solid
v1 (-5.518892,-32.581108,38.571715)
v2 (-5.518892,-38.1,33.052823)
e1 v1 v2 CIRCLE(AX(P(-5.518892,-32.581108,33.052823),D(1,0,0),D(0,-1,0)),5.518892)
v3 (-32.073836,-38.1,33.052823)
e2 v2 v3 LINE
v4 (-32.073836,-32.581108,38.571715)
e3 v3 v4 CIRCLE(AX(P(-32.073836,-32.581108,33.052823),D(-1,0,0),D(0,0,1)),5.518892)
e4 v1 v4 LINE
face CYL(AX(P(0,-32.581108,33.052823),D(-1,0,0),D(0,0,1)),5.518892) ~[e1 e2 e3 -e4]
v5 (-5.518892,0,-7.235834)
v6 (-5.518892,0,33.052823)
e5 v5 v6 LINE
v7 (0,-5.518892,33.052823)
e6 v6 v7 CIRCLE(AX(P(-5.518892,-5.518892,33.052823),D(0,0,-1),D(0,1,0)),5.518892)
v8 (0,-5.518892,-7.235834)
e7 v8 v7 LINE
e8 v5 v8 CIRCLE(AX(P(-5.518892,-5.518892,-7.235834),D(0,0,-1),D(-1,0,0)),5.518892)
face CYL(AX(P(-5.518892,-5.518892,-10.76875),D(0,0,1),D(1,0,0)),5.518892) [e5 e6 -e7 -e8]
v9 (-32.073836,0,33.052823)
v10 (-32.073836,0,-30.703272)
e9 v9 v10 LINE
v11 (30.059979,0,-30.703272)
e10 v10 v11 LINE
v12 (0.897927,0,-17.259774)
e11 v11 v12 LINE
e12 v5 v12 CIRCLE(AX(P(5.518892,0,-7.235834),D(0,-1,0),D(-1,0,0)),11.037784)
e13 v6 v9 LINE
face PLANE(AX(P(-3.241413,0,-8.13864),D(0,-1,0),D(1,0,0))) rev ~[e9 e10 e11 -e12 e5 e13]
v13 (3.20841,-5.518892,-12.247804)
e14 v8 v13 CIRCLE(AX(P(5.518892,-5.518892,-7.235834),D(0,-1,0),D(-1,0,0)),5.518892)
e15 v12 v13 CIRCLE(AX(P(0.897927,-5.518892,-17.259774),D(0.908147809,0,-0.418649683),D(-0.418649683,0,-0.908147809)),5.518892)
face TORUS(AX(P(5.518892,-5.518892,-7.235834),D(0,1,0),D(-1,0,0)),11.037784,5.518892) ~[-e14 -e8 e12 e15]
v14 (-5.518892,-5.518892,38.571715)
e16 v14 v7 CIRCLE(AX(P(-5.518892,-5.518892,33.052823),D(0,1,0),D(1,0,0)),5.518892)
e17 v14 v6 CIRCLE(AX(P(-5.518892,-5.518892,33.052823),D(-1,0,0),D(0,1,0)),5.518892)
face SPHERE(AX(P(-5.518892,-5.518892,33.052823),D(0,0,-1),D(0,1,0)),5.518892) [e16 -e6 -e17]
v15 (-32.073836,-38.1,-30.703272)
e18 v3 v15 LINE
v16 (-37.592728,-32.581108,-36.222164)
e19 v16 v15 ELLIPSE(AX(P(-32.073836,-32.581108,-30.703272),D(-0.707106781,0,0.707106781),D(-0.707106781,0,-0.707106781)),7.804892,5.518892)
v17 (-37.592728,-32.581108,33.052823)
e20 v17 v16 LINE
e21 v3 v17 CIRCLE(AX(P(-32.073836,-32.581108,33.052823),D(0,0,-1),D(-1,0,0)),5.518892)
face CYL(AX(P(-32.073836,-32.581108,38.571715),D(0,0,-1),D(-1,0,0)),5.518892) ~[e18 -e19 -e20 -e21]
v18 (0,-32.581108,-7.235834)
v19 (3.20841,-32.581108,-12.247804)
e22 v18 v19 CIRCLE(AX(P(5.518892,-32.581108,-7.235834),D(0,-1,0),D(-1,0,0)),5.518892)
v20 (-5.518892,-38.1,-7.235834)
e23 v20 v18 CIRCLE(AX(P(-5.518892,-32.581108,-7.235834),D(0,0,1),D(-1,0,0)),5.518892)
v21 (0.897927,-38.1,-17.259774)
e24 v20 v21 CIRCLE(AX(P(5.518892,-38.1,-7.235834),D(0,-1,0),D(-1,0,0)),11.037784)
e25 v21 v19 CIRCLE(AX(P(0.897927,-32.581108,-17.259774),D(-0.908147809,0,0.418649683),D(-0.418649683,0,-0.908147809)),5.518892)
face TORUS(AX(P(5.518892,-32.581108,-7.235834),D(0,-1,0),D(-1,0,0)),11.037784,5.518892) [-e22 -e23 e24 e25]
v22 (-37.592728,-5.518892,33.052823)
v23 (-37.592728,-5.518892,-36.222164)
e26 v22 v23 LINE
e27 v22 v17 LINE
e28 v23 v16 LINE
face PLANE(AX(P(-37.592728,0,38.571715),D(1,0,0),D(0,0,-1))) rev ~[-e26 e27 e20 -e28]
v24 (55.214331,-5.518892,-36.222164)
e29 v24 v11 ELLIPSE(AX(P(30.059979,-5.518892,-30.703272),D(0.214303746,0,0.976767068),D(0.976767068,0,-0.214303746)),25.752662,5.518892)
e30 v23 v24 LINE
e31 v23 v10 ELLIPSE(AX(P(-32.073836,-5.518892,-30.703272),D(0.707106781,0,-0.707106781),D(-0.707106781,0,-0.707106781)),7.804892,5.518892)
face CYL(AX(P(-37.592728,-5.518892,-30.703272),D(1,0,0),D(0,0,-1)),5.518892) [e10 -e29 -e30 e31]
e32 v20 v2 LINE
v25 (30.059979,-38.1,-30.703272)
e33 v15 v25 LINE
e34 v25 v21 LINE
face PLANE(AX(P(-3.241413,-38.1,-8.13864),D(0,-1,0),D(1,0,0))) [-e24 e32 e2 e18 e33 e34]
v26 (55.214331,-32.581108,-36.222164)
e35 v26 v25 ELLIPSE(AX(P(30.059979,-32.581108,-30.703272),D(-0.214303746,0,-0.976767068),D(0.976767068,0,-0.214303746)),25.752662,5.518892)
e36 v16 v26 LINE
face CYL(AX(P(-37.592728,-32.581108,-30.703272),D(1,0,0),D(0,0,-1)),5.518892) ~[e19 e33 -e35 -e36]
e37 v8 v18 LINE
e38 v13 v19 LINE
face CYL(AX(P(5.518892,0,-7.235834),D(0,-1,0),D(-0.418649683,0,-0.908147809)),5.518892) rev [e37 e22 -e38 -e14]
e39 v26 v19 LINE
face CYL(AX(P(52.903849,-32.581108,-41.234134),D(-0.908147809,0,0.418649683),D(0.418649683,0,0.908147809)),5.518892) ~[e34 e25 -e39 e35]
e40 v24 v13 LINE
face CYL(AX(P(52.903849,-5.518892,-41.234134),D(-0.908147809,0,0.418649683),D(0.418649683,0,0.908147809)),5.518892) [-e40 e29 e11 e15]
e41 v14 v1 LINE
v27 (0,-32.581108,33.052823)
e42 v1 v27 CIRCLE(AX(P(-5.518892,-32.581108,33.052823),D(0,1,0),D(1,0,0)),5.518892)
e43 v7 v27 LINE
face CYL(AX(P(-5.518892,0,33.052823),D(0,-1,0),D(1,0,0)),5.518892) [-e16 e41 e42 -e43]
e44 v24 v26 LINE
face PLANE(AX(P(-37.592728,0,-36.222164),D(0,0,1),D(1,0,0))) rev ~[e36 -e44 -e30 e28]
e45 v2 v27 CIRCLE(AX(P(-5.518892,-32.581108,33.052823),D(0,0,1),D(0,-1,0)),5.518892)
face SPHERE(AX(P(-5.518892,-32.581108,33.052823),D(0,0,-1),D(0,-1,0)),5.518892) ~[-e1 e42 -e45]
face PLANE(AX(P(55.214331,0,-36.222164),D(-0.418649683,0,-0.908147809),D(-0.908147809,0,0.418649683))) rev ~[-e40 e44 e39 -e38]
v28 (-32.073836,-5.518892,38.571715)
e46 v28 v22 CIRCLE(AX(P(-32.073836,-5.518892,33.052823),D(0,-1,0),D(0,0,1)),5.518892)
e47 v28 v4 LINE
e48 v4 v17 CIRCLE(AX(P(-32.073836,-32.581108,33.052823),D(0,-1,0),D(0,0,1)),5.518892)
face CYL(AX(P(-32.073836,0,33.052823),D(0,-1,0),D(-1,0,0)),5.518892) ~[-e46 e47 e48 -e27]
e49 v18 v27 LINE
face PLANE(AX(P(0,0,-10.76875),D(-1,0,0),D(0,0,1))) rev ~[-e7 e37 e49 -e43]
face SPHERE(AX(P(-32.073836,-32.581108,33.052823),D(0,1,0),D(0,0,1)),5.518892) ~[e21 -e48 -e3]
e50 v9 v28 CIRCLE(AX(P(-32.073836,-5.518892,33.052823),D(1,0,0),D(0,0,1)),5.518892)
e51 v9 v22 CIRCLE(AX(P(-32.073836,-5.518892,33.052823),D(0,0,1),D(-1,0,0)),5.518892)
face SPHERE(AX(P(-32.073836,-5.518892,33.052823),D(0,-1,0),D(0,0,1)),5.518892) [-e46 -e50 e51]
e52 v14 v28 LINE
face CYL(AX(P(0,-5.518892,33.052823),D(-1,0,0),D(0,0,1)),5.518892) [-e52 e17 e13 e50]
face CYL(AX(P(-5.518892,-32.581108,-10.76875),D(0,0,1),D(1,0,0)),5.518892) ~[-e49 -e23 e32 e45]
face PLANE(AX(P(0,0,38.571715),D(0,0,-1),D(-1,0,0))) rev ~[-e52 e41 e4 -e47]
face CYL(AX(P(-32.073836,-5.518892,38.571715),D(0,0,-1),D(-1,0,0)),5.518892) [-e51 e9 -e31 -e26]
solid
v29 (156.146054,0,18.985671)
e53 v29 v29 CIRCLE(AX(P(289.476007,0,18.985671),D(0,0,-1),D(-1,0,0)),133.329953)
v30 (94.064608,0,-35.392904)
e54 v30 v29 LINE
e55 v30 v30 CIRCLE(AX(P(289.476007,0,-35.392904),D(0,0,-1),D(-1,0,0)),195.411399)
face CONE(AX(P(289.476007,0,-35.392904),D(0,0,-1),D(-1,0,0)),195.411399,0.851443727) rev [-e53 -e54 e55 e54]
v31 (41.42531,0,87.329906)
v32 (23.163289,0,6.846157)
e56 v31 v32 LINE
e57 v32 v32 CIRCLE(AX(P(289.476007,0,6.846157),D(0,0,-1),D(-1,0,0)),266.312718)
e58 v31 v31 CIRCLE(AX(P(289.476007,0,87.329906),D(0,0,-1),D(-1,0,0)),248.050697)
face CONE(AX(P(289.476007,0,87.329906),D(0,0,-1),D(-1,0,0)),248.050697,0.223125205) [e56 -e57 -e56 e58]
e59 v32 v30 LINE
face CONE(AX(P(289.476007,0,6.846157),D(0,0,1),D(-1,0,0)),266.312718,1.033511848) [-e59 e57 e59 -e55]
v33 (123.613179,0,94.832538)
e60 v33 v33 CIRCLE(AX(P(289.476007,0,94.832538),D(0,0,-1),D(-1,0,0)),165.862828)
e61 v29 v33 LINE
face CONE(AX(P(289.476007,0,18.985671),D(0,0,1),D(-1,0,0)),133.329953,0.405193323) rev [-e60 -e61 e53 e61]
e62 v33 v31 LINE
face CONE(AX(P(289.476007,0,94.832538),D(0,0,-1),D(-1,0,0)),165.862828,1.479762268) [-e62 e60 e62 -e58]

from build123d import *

# Parameters (mm, degrees)
F1_DEPTH = 38.1
F2_R     = 5.518892


with BuildPart() as f1:
    # F0 (on Front) → F1 (new body)
    with BuildSketch(Plane.XZ):
        Polygon((-37.592728, 38.571715), (-37.592728, 35.438985), (-37.592728, -36.222164), (55.214331, -36.222164), (0, -10.76875), (0, 38.571715), align=None)
    extrude(amount=F1_DEPTH)

    # F2
    f2_edges = [f1.edges().sort_by_distance(p)[0] for p in [
        (-37.592728, -19.05, 38.571715),
        (0, -19.05, -10.76875),
        (0, -38.1, 13.901483),
        (-18.796364, -38.1, 38.571715),
        (-37.592728, -38.1, 1.174776),
        (8.810801, -38.1, -36.222164),
        (27.607165, -38.1, -23.495457),
        (0, 0, 13.901483),
        (-18.796364, 0, 38.571715),
        (-37.592728, 0, 1.174776),
        (8.810801, 0, -36.222164),
        (27.607165, 0, -23.495457),
        (0, -19.05, 38.571715),
    ]]
    fillet(f2_edges, radius=F2_R)


with BuildPart() as f4:
    # F3 (on Front) → F4 (revolve)
    with BuildSketch(Plane.XZ):
        Polygon((23.163289, 6.846157), (94.064608, -35.392904), (156.146054, 18.985671), (123.613179, 94.832538), (41.42531, 87.329906), align=None)
    revolve(axis=Axis((289.476007, 0, 35.568487), (0, 0, -1)))


solid = Compound([f1.part, f4.part])
